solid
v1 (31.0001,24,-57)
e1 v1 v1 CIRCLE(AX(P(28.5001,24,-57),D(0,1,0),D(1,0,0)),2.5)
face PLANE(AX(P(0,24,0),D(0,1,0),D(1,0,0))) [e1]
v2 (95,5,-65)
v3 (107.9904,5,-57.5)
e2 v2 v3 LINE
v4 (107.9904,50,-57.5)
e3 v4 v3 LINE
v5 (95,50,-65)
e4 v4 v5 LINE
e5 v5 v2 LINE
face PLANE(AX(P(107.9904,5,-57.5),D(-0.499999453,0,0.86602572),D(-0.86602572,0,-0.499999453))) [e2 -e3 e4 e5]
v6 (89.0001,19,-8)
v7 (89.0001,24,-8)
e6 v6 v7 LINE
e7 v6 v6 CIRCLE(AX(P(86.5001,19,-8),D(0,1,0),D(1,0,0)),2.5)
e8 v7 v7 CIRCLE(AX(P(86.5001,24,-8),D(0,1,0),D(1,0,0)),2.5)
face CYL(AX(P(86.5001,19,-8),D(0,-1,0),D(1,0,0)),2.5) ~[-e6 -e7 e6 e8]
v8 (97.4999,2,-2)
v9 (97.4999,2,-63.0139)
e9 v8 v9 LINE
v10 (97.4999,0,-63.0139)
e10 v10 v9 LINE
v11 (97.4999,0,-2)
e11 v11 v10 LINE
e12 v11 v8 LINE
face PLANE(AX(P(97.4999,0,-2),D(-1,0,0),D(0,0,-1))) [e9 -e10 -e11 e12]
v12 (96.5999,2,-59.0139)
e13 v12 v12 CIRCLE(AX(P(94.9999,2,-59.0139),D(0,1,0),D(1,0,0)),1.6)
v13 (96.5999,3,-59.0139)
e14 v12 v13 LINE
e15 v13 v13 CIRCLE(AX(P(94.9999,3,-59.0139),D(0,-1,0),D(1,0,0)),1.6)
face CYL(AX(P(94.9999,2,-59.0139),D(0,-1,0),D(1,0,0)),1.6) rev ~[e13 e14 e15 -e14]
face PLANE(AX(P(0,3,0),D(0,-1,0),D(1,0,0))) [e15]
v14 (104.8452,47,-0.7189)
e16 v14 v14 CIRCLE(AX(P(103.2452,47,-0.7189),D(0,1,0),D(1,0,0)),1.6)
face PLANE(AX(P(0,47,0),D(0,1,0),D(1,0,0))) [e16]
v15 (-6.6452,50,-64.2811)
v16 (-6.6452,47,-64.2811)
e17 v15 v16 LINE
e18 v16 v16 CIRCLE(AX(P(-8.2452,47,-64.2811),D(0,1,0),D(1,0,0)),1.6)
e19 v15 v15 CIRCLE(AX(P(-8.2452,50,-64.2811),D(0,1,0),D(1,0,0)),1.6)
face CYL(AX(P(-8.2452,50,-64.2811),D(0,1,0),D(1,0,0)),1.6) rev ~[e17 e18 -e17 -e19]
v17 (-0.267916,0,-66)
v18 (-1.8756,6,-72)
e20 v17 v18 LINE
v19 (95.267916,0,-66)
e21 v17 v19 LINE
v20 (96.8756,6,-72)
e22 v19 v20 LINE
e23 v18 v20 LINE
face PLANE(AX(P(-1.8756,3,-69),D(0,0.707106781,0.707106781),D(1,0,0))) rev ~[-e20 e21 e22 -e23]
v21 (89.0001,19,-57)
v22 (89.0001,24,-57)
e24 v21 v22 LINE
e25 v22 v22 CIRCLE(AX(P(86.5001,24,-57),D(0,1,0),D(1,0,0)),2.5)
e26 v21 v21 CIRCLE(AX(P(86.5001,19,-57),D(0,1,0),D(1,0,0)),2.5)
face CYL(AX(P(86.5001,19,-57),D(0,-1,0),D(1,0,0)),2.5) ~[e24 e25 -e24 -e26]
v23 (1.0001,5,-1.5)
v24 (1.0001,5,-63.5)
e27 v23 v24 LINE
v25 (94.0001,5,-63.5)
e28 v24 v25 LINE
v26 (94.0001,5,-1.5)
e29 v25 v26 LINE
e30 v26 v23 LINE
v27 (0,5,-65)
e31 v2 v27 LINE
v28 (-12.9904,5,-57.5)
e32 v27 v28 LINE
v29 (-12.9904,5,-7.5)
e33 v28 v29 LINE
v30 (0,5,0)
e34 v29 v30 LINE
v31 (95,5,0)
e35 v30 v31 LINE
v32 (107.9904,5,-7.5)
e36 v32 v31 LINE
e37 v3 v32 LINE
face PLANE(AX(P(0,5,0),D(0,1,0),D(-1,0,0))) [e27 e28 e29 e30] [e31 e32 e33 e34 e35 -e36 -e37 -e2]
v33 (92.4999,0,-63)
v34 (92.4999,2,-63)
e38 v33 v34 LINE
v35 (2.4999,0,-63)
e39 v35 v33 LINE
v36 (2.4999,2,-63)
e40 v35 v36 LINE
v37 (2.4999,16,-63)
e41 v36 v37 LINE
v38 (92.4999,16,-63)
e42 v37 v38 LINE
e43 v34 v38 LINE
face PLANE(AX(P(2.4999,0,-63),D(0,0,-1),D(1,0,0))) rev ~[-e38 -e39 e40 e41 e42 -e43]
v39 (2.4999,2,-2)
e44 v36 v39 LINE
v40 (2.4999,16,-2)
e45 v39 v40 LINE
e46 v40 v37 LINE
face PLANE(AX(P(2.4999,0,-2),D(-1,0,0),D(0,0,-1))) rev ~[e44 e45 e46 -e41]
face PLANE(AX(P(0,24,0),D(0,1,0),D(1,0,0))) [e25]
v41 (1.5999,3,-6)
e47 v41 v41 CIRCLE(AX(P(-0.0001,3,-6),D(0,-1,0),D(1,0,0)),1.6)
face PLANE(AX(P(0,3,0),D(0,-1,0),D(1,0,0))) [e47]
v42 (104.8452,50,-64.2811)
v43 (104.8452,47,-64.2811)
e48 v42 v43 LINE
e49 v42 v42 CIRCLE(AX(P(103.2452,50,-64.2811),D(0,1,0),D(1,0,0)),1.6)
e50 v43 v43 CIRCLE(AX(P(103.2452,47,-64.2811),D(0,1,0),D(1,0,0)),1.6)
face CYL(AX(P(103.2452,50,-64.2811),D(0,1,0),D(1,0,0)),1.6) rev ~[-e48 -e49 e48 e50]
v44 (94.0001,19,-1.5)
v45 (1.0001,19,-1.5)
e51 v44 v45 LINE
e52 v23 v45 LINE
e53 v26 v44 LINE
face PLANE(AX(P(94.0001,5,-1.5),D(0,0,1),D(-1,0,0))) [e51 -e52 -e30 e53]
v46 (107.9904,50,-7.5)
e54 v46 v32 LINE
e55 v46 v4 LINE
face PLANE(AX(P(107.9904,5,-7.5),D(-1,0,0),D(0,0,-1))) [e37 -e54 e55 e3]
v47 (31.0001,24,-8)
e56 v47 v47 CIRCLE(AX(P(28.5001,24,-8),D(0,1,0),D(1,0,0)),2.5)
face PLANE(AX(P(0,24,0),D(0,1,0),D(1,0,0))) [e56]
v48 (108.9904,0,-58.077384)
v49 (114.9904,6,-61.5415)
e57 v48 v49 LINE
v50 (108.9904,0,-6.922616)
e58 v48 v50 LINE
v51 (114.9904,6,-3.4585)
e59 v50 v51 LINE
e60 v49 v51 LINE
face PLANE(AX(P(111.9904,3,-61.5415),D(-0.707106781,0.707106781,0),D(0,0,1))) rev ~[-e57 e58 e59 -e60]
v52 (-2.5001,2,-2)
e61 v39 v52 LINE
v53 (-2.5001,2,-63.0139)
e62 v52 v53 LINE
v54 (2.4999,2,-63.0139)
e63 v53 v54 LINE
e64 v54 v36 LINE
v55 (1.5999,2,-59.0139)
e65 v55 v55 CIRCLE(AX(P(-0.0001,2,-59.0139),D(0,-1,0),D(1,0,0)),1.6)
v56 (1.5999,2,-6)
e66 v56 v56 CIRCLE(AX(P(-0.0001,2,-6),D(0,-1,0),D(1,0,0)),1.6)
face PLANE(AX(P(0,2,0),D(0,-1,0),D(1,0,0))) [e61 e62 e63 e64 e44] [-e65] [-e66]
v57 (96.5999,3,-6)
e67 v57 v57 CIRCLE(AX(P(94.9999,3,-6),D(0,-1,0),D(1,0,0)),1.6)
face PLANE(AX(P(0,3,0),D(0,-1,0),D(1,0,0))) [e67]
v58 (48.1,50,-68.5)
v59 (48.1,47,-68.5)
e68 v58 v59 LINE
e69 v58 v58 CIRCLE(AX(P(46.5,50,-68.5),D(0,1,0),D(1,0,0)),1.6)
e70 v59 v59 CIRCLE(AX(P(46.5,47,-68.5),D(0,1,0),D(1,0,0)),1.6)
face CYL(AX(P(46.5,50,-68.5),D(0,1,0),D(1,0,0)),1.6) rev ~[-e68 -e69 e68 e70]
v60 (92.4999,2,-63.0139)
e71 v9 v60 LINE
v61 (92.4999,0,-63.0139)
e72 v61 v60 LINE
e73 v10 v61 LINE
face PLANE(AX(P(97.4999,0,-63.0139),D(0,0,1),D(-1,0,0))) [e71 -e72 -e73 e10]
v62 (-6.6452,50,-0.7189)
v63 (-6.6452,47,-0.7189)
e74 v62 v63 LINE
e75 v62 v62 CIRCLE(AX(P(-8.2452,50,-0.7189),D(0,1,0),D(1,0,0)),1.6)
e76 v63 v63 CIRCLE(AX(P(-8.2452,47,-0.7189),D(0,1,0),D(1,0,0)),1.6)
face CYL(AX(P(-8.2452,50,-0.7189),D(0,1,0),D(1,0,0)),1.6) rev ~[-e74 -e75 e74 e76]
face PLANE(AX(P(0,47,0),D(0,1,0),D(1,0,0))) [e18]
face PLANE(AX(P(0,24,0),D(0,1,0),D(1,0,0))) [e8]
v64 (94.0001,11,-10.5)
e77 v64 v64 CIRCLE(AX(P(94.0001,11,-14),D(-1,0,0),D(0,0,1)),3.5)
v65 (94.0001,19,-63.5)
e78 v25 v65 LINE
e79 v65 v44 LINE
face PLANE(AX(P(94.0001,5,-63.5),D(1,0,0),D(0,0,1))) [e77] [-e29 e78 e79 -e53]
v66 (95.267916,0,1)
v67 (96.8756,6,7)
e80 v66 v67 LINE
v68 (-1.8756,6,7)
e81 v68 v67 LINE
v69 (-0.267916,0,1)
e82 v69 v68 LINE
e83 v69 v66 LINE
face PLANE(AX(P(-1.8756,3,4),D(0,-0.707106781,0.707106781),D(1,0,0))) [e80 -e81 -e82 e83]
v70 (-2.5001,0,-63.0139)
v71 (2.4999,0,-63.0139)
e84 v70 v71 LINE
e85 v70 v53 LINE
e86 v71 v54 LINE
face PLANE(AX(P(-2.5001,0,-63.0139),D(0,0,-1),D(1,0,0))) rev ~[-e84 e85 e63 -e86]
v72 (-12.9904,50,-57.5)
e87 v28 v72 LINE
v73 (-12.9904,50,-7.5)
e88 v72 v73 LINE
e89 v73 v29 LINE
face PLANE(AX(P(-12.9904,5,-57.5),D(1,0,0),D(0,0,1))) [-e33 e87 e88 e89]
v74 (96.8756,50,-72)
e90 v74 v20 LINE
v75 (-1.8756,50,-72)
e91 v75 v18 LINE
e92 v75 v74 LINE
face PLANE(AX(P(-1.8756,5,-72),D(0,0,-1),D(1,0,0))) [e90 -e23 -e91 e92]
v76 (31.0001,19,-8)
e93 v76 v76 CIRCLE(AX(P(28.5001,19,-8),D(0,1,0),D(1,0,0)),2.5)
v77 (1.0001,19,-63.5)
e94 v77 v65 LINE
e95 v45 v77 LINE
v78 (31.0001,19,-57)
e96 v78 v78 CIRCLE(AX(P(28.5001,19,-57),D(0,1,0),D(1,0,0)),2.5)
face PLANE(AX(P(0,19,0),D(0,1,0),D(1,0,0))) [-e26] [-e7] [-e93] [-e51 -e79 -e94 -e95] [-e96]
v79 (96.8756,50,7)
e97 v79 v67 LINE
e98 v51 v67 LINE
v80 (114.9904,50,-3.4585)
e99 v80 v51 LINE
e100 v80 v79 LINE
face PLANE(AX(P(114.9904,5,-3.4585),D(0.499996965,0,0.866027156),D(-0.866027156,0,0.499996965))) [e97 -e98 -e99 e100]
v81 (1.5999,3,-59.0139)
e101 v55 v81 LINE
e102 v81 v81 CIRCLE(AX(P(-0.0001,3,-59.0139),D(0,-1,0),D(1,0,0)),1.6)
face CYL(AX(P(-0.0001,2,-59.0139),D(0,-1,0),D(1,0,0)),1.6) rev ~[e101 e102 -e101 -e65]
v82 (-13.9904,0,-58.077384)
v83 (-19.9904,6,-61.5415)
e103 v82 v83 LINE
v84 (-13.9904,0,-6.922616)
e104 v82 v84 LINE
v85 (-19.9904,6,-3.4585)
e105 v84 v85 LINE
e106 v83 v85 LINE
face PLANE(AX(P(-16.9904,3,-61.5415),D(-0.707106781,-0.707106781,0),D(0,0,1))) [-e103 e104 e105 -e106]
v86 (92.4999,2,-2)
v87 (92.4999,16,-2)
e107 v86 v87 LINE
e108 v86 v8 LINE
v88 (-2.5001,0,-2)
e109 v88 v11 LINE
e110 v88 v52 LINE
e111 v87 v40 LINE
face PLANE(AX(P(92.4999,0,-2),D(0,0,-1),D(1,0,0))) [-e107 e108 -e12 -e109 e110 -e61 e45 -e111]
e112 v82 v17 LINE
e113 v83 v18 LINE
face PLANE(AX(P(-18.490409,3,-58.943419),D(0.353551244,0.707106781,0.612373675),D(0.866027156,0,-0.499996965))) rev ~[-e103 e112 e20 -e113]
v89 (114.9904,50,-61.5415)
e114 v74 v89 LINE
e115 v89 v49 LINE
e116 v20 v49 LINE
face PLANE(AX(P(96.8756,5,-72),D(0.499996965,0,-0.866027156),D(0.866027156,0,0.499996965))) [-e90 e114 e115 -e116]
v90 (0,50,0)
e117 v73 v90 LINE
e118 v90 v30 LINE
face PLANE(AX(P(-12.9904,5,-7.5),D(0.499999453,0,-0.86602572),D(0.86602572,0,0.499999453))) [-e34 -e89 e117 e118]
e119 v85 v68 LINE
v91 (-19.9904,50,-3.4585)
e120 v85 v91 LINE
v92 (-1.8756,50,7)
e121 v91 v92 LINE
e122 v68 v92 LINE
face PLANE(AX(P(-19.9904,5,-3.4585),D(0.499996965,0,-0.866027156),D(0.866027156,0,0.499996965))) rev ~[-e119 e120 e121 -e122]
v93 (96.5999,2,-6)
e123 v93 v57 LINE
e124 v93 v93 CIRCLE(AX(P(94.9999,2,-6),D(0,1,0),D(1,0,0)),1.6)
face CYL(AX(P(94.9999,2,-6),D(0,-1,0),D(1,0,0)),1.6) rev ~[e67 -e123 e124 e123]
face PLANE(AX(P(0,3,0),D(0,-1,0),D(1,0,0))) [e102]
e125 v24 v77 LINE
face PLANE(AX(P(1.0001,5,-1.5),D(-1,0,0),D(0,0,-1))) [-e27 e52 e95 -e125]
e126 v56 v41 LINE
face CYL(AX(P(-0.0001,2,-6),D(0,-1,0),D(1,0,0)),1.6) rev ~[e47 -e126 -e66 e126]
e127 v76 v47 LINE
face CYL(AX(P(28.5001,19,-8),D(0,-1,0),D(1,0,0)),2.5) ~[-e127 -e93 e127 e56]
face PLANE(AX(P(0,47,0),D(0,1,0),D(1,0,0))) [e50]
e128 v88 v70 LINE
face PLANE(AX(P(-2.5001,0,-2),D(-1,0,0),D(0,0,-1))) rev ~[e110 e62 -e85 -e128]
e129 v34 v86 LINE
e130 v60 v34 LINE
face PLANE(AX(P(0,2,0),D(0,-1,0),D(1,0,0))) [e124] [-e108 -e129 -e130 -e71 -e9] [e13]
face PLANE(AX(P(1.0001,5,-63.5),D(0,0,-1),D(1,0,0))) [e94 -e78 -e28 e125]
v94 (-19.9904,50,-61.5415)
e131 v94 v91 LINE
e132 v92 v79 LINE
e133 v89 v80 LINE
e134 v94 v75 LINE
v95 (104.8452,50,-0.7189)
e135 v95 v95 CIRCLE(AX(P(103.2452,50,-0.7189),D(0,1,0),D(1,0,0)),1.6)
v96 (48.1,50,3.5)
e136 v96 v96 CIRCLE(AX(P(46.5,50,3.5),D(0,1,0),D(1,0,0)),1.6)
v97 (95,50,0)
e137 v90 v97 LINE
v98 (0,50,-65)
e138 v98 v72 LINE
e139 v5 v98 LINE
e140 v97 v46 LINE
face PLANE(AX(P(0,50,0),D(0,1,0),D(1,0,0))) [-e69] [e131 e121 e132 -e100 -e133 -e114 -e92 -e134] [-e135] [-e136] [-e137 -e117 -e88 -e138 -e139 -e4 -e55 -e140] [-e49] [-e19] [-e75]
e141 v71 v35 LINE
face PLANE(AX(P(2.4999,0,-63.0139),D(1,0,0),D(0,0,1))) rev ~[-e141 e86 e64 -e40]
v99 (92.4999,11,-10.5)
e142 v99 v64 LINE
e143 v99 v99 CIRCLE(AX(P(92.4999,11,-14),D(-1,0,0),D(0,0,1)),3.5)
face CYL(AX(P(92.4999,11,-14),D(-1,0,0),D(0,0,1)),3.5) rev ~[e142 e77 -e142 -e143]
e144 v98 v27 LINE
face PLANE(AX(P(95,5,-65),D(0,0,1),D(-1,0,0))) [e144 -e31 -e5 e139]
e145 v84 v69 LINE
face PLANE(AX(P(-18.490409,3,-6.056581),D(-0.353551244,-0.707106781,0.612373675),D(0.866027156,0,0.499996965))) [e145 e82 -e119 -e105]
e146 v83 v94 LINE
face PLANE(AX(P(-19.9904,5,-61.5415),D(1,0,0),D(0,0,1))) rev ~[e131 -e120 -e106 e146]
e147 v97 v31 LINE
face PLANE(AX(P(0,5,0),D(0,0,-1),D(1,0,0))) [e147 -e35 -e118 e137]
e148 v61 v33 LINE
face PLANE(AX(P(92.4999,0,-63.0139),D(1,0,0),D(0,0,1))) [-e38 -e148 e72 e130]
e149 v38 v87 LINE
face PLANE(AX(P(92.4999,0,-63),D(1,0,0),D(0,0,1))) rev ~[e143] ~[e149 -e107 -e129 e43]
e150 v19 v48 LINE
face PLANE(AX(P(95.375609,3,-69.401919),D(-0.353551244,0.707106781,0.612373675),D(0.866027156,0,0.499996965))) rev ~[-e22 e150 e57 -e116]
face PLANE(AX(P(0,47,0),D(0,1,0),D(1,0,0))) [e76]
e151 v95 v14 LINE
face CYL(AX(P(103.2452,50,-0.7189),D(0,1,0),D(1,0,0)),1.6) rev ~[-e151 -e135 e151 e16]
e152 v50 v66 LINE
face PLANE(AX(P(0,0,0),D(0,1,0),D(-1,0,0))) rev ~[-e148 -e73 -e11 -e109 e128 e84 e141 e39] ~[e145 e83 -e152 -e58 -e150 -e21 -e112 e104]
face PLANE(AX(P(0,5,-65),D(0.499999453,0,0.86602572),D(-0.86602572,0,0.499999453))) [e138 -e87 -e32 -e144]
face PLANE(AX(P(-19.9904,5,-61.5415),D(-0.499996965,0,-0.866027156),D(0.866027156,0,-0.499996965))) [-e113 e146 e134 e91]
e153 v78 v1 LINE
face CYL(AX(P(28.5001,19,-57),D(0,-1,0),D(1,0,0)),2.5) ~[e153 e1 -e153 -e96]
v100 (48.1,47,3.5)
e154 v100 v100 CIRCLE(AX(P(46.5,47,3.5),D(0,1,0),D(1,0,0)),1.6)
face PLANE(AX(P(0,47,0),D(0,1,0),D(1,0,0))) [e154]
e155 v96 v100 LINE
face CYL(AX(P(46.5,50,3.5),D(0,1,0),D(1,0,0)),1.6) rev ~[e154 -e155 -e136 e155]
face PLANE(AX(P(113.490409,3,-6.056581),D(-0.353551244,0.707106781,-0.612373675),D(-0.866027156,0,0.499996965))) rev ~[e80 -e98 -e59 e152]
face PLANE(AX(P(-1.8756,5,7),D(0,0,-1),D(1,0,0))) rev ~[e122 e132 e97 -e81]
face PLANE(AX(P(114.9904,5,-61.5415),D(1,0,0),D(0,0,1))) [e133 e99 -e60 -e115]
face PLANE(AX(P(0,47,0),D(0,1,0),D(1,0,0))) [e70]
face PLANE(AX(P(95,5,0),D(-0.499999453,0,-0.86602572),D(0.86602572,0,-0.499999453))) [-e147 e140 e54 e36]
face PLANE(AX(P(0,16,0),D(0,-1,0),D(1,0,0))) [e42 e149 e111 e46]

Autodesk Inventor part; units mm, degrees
ref_plane "YZ Plane" through (0, 0, 0) normal (1, 0, 0) x (0, 1, 0)
ref_plane "XZ Plane" through (0, 0, 0) normal (0, 1, 0) x (-1, 0, 0)
ref_plane "XY Plane" through (0, 0, 0) normal (0, 0, 1) x (1, 0, 0)
sketch "Sketch1" plane through (0, 0, 0) normal (0, 1, 0) x (-1, 0, 0)
  line L0 (0, 0) -> (-95, 0)
  line L1 (-95, 0) -> (-95, -65)
  line L2 (-95, -65) -> (0, -65)
  line L3 (0, -65) -> (0, 0)
  line L4 (0, -65) -> (12.9904, -57.5)
  line L5 (12.9904, -57.5) -> (12.9904, -7.5)
  line L6 (12.9904, -7.5) -> (0, 0)
  line L7 (-95, -65) -> (-107.9904, -57.5)
  line L8 (-107.9904, -57.5) -> (-107.9904, -7.5)
  line L9 (-107.9904, -7.5) -> (-95, 0)
  dimension "d0" = 95
  dimension "d1" = 65
  dimension "d2" = 15
  dimension "d3" = 15
  dimension "d4" = 120
  dimension "d5" = 15
  dimension "d6" = 15
  dimension "d7" = 120
extrude "Extrusion1" add sketch "Sketch1" along normal blind 5
sketch "Sketch2" plane through (0, 5, 0) normal (0, 1, 0) x (1, 0, 0)
  line L0 (1.0001, 63.5) -> (94.0001, 63.5)
  line L1 (94.0001, 63.5) -> (94.0001, 1.5)
  line L2 (94.0001, 1.5) -> (1.0001, 1.5)
  line L3 (1.0001, 1.5) -> (1.0001, 63.5)
  line L4 (0, 0) -> (95, 0) projected
  line L5 (-12.9904, 57.5) -> (-12.9904, 7.5) projected
  dimension "d10" = 93
  dimension "d11" = 62
  dimension "d12" = 1.5
  dimension "d13" = 13.9905
extrude "Extrusion2" add sketch "Sketch2" along normal blind 14
sketch "Sketch4" plane through (0, 5, 0) normal (0, 1, 0) x (1, 0, 0)
  line L0 (-12.9904, 57.5) -> (-12.9904, 7.5) projected
  line L1 (-12.9904, 57.5) -> (-12.9904, 7.5)
  line L2 (-12.9904, 7.5) -> (0, 0)
  line L3 (0, 0) -> (95, 0)
  line L4 (95, 0) -> (107.9904, 7.5) projected
  line L5 (95, 0) -> (107.9904, 7.5)
  line L6 (107.9904, 7.5) -> (107.9904, 57.5)
  line L7 (107.9904, 57.5) -> (95, 65) projected
  line L8 (107.9904, 57.5) -> (95, 65)
  line L9 (95, 65) -> (0, 65) projected
  line L10 (95, 65) -> (0, 65)
  line L11 (0, 65) -> (-12.9904, 57.5)
  line L12 (-19.9904, 61.5415) -> (-19.9904, 3.4585)
  line L13 (114.9904, 61.5415) -> (114.9904, 3.4585)
  line L14 (-1.8756, 72) -> (96.8756, 72)
  line L15 (-19.9904, 61.5415) -> (-1.8756, 72)
  line L16 (96.8756, 72) -> (114.9904, 61.5415)
  line L17 (114.9904, 3.4585) -> (96.8756, -7)
  line L18 (-19.9904, 3.4585) -> (-1.8756, -7)
  line L19 (-1.8756, -7) -> (96.8756, -7)
  line L20 (95, 0) -> (107.9904, 7.5) projected
  line L21 (107.9904, 7.5) -> (107.9904, 57.5) projected
  line L22 (0, 0) -> (95, 0) projected
  dimension "d22" = 7
  dimension "d23" = 7
  dimension "d24" = 7
  dimension "d25" = 7
  dimension "d26" = 7
  dimension "d27" = 7
  dimension "d28" = 7
  dimension "d29" = 7
extrude "Extrusion4" add sketch "Sketch4" along normal blind 45 and the other way blind 5
sketch "Sketch5" plane through (0, 0, 0) normal (0, -1, 0) x (1, 0, 0)
  line L0 (2.4999, -63) -> (92.4999, -63)
  line L1 (92.4999, -63) -> (92.4999, -2)
  line L2 (92.4999, -2) -> (2.4999, -2)
  line L3 (2.4999, -2) -> (2.4999, -63)
  line L4 (0, 0) -> (95, 0) projected
  line L5 (-12.9904, -57.5) -> (-12.9904, -7.5) projected
  line L6 (96.8756, 7) -> (-1.8756, 7) projected
  line L7 (114.9904, -61.5415) -> (114.9904, -3.4585) projected
  dimension "d34" = 61
  dimension "d35" = 90
  dimension "d43" = 9
  dimension "d44" = 22.4905
extrude "Extrusion5" cut sketch "Sketch5" against normal blind 16
chamfer "Chamfer1" distance 6 angle 45 8 edges at (47.5, 0, -72) (105.933, 0, -66.7707) (114.9904, 0, -32.5) (105.933, 0, 1.7707) (47.5, 0, 7) (-10.933, 0, 1.7707) (-19.9904, 0, -32.5) (-10.933, 0, -66.7707)
sketch "Sketch6" plane through (0, 0, 0) normal (0, -1, 0) x (1, 0, 0)
  line L0 (2.4999, -2) -> (-2.5001, -2)
  line L1 (-2.5001, -2) -> (-2.5001, -63.0139)
  line L2 (-2.5001, -63.0139) -> (2.4999, -63.0139)
  line L3 (2.4999, -63.0139) -> (2.4999, -2)
  line L4 (2.4999, -2) -> (92.4999, -2) projected
  line L5 (92.4999, -2) -> (97.4999, -2)
  line L6 (97.4999, -2) -> (97.4999, -63.0139)
  line L7 (97.4999, -63.0139) -> (92.4999, -63.0139)
  line L8 (92.4999, -63.0139) -> (92.4999, -2)
  point P0 (0, 0)
  dimension "d45" = 5
  dimension "d46" = 5
extrude "Extrusion6" cut sketch "Sketch6" against normal blind 2
sketch "Sketch7" plane through (0, 2, 0) normal (0, -1, 0) x (1, 0, 0)
  circle A0 centre (-0.0001, -6) radius 1.6
  circle A1 centre (94.9999, -6) radius 1.6
  circle A2 centre (-0.0001, -59.0139) radius 1.6
  circle A3 centre (94.9999, -59.0139) radius 1.6
  line L0 (94.0001, -63.5) -> (94.0001, -1.5) projected
  line L1 (2.4999, -2) -> (2.4999, -63) projected
  line L2 (97.4999, -2) -> (97.4999, -63.0139) projected
  line L3 (-2.5001, -2) -> (97.4999, -2) projected
  line L4 (-2.5001, -63.0139) -> (-2.5001, -2) projected
  line L5 (2.4999, -63.0139) -> (-2.5001, -63.0139) projected
  line L6 (92.4999, -63) -> (92.4999, -2) projected
  line L7 (97.4999, -63.0139) -> (92.4999, -63.0139) projected
  point P0 (0, 0)
  dimension "d49" = 3.2
  dimension "d50" = 2.5
  dimension "d51" = 2.5
  dimension "d52" = 4
  dimension "d53" = 0
  dimension "d54" = 2.5
  dimension "d55" = 4
  dimension "d56" = 2.5
  dimension "d57" = 4
extrude "Extrusion7" cut sketch "Sketch7" against normal blind 1 contours A0 | A1 L0 | L0 A1 | L0 A3 | A3 L0 | A2
sketch "Sketch8" plane through (0, 19, 0) normal (0, 1, 0) x (1, 0, 0)
  line L0 (5.0001, 60.5) -> (90.0001, 60.5)
  line L1 (90.0001, 60.5) -> (90.0001, 4.5)
  line L2 (90.0001, 4.5) -> (5.0001, 4.5)
  line L3 (5.0001, 4.5) -> (5.0001, 60.5)
  line L4 (96.8756, 72) -> (-1.8756, 72) projected
  line L5 (-19.9904, 61.5415) -> (-19.9904, 3.4585) projected
  circle A0 centre (28.5001, 57) radius 2.5
  circle A1 centre (28.5001, 8) radius 2.5
  circle A2 centre (86.5001, 57) radius 2.5
  circle A3 centre (86.5001, 8) radius 2.5
  point P0 (0, 0)
  dimension "d60" = 85
  dimension "d61" = 56
  dimension "d62" = 11.5
  dimension "d63" = 24.9905
  dimension "d65" = 3.5
  dimension "d66" = 5
  dimension "d68" = 3.5
  dimension "d69" = 3.5
  dimension "d70" = 3.5
  dimension "d71" = 58
  dimension "d72" = 58
  dimension "d75" = 3.5
  dimension "d76" = 3.5
extrude "Extrusion8" add sketch "Sketch8" along normal blind 5 contours A0 | A1 | A2 | A3
sketch "Sketch9" plane through (92.4999, 16, -63) normal (-1, 0, 0) x (0, 0, 1)
  circle A0 centre (49, -5) radius 3.5
  line L0 (61, 0) -> (0, 0) projected
  line L1 (61, -14) -> (61, 0) projected
  point P0 (63, -16)
  dimension "d77" = 7
  dimension "d78" = 5
  dimension "d79" = 12
extrude "Extrusion9" cut sketch "Sketch9" against normal blind 5
sketch "Sketch10" plane through (0, 50, 0) normal (0, 1, 0) x (1, 0, 0)
  line L0 (-12.9904, 7.5) -> (-12.9904, 57.5) projected
  line L1 (-12.9904, 7.5) -> (-16.4904, 1.4378)
  line L2 (-1.8756, -7) -> (-19.9904, 3.4585) projected
  line L3 (0, 0) -> (95, 0) projected
  line L4 (0, 0) -> (-3.486, -6.038)
  line L5 (-12.9904, 57.5) -> (0, 65) projected
  line L6 (-12.9904, 57.5) -> (-16.4904, 63.5622)
  line L7 (-1.8756, 72) -> (-19.9904, 61.5415) projected
  line L8 (0, 65) -> (-3.5, 71.0622)
  line L9 (0, 65) -> (95, 65) projected
  line L10 (95, 65) -> (98.5, 71.0622)
  line L11 (114.9904, 61.5415) -> (96.8756, 72) projected
  line L12 (107.9904, 57.5) -> (95, 65) projected
  line L13 (107.9904, 57.5) -> (111.4904, 63.5622)
  line L14 (95, 0) -> (107.9904, 7.5) projected
  line L15 (107.9904, 7.5) -> (111.4904, 1.4378)
  line L16 (95, 0) -> (98.5, -6.0622)
  line L17 (96.8756, -7) -> (114.9904, 3.4585) projected
  circle A0 centre (103.2452, 0.7189) radius 1.6
  circle A1 centre (103.2452, 64.2811) radius 1.6
  circle A2 centre (-8.2452, 64.2811) radius 1.6
  circle A3 centre (-8.2452, 0.7189) radius 1.6
  circle A4 centre (46.5, -3.5) radius 1.6
  circle A5 centre (46.5, 68.5) radius 1.6
  line L18 (0, 0) -> (-12.9904, 7.5) projected
  line L19 (-12.9904, 7.5) -> (0, 0) projected
  line L20 (0, 0) -> (0, -7)
  line L21 (-1.8756, -7) -> (96.8756, -7) projected
  line L22 (0, 65) -> (0, 72)
  dimension "d82" = 3.2
  dimension "d83" = 7.5
  dimension "d84" = 90
  dimension "d85" = 3.5
  dimension "d86" = 90
  dimension "d87" = 7.5
  dimension "d88" = 3.5
  dimension "d89" = 7.5
  dimension "d90" = 3.5
  dimension "d91" = 7.5
  dimension "d92" = 3.5
  dimension "d93" = 46.5
  dimension "d95" = 46.5
  dimension "d96" = 3.5
  dimension "d97" = 3.5
extrude "Extrusion10" cut sketch "Sketch10" against normal blind 3 contours A0 | A1 | A2 | A3 | A4 | A5
properties part number "Bottomv3"
